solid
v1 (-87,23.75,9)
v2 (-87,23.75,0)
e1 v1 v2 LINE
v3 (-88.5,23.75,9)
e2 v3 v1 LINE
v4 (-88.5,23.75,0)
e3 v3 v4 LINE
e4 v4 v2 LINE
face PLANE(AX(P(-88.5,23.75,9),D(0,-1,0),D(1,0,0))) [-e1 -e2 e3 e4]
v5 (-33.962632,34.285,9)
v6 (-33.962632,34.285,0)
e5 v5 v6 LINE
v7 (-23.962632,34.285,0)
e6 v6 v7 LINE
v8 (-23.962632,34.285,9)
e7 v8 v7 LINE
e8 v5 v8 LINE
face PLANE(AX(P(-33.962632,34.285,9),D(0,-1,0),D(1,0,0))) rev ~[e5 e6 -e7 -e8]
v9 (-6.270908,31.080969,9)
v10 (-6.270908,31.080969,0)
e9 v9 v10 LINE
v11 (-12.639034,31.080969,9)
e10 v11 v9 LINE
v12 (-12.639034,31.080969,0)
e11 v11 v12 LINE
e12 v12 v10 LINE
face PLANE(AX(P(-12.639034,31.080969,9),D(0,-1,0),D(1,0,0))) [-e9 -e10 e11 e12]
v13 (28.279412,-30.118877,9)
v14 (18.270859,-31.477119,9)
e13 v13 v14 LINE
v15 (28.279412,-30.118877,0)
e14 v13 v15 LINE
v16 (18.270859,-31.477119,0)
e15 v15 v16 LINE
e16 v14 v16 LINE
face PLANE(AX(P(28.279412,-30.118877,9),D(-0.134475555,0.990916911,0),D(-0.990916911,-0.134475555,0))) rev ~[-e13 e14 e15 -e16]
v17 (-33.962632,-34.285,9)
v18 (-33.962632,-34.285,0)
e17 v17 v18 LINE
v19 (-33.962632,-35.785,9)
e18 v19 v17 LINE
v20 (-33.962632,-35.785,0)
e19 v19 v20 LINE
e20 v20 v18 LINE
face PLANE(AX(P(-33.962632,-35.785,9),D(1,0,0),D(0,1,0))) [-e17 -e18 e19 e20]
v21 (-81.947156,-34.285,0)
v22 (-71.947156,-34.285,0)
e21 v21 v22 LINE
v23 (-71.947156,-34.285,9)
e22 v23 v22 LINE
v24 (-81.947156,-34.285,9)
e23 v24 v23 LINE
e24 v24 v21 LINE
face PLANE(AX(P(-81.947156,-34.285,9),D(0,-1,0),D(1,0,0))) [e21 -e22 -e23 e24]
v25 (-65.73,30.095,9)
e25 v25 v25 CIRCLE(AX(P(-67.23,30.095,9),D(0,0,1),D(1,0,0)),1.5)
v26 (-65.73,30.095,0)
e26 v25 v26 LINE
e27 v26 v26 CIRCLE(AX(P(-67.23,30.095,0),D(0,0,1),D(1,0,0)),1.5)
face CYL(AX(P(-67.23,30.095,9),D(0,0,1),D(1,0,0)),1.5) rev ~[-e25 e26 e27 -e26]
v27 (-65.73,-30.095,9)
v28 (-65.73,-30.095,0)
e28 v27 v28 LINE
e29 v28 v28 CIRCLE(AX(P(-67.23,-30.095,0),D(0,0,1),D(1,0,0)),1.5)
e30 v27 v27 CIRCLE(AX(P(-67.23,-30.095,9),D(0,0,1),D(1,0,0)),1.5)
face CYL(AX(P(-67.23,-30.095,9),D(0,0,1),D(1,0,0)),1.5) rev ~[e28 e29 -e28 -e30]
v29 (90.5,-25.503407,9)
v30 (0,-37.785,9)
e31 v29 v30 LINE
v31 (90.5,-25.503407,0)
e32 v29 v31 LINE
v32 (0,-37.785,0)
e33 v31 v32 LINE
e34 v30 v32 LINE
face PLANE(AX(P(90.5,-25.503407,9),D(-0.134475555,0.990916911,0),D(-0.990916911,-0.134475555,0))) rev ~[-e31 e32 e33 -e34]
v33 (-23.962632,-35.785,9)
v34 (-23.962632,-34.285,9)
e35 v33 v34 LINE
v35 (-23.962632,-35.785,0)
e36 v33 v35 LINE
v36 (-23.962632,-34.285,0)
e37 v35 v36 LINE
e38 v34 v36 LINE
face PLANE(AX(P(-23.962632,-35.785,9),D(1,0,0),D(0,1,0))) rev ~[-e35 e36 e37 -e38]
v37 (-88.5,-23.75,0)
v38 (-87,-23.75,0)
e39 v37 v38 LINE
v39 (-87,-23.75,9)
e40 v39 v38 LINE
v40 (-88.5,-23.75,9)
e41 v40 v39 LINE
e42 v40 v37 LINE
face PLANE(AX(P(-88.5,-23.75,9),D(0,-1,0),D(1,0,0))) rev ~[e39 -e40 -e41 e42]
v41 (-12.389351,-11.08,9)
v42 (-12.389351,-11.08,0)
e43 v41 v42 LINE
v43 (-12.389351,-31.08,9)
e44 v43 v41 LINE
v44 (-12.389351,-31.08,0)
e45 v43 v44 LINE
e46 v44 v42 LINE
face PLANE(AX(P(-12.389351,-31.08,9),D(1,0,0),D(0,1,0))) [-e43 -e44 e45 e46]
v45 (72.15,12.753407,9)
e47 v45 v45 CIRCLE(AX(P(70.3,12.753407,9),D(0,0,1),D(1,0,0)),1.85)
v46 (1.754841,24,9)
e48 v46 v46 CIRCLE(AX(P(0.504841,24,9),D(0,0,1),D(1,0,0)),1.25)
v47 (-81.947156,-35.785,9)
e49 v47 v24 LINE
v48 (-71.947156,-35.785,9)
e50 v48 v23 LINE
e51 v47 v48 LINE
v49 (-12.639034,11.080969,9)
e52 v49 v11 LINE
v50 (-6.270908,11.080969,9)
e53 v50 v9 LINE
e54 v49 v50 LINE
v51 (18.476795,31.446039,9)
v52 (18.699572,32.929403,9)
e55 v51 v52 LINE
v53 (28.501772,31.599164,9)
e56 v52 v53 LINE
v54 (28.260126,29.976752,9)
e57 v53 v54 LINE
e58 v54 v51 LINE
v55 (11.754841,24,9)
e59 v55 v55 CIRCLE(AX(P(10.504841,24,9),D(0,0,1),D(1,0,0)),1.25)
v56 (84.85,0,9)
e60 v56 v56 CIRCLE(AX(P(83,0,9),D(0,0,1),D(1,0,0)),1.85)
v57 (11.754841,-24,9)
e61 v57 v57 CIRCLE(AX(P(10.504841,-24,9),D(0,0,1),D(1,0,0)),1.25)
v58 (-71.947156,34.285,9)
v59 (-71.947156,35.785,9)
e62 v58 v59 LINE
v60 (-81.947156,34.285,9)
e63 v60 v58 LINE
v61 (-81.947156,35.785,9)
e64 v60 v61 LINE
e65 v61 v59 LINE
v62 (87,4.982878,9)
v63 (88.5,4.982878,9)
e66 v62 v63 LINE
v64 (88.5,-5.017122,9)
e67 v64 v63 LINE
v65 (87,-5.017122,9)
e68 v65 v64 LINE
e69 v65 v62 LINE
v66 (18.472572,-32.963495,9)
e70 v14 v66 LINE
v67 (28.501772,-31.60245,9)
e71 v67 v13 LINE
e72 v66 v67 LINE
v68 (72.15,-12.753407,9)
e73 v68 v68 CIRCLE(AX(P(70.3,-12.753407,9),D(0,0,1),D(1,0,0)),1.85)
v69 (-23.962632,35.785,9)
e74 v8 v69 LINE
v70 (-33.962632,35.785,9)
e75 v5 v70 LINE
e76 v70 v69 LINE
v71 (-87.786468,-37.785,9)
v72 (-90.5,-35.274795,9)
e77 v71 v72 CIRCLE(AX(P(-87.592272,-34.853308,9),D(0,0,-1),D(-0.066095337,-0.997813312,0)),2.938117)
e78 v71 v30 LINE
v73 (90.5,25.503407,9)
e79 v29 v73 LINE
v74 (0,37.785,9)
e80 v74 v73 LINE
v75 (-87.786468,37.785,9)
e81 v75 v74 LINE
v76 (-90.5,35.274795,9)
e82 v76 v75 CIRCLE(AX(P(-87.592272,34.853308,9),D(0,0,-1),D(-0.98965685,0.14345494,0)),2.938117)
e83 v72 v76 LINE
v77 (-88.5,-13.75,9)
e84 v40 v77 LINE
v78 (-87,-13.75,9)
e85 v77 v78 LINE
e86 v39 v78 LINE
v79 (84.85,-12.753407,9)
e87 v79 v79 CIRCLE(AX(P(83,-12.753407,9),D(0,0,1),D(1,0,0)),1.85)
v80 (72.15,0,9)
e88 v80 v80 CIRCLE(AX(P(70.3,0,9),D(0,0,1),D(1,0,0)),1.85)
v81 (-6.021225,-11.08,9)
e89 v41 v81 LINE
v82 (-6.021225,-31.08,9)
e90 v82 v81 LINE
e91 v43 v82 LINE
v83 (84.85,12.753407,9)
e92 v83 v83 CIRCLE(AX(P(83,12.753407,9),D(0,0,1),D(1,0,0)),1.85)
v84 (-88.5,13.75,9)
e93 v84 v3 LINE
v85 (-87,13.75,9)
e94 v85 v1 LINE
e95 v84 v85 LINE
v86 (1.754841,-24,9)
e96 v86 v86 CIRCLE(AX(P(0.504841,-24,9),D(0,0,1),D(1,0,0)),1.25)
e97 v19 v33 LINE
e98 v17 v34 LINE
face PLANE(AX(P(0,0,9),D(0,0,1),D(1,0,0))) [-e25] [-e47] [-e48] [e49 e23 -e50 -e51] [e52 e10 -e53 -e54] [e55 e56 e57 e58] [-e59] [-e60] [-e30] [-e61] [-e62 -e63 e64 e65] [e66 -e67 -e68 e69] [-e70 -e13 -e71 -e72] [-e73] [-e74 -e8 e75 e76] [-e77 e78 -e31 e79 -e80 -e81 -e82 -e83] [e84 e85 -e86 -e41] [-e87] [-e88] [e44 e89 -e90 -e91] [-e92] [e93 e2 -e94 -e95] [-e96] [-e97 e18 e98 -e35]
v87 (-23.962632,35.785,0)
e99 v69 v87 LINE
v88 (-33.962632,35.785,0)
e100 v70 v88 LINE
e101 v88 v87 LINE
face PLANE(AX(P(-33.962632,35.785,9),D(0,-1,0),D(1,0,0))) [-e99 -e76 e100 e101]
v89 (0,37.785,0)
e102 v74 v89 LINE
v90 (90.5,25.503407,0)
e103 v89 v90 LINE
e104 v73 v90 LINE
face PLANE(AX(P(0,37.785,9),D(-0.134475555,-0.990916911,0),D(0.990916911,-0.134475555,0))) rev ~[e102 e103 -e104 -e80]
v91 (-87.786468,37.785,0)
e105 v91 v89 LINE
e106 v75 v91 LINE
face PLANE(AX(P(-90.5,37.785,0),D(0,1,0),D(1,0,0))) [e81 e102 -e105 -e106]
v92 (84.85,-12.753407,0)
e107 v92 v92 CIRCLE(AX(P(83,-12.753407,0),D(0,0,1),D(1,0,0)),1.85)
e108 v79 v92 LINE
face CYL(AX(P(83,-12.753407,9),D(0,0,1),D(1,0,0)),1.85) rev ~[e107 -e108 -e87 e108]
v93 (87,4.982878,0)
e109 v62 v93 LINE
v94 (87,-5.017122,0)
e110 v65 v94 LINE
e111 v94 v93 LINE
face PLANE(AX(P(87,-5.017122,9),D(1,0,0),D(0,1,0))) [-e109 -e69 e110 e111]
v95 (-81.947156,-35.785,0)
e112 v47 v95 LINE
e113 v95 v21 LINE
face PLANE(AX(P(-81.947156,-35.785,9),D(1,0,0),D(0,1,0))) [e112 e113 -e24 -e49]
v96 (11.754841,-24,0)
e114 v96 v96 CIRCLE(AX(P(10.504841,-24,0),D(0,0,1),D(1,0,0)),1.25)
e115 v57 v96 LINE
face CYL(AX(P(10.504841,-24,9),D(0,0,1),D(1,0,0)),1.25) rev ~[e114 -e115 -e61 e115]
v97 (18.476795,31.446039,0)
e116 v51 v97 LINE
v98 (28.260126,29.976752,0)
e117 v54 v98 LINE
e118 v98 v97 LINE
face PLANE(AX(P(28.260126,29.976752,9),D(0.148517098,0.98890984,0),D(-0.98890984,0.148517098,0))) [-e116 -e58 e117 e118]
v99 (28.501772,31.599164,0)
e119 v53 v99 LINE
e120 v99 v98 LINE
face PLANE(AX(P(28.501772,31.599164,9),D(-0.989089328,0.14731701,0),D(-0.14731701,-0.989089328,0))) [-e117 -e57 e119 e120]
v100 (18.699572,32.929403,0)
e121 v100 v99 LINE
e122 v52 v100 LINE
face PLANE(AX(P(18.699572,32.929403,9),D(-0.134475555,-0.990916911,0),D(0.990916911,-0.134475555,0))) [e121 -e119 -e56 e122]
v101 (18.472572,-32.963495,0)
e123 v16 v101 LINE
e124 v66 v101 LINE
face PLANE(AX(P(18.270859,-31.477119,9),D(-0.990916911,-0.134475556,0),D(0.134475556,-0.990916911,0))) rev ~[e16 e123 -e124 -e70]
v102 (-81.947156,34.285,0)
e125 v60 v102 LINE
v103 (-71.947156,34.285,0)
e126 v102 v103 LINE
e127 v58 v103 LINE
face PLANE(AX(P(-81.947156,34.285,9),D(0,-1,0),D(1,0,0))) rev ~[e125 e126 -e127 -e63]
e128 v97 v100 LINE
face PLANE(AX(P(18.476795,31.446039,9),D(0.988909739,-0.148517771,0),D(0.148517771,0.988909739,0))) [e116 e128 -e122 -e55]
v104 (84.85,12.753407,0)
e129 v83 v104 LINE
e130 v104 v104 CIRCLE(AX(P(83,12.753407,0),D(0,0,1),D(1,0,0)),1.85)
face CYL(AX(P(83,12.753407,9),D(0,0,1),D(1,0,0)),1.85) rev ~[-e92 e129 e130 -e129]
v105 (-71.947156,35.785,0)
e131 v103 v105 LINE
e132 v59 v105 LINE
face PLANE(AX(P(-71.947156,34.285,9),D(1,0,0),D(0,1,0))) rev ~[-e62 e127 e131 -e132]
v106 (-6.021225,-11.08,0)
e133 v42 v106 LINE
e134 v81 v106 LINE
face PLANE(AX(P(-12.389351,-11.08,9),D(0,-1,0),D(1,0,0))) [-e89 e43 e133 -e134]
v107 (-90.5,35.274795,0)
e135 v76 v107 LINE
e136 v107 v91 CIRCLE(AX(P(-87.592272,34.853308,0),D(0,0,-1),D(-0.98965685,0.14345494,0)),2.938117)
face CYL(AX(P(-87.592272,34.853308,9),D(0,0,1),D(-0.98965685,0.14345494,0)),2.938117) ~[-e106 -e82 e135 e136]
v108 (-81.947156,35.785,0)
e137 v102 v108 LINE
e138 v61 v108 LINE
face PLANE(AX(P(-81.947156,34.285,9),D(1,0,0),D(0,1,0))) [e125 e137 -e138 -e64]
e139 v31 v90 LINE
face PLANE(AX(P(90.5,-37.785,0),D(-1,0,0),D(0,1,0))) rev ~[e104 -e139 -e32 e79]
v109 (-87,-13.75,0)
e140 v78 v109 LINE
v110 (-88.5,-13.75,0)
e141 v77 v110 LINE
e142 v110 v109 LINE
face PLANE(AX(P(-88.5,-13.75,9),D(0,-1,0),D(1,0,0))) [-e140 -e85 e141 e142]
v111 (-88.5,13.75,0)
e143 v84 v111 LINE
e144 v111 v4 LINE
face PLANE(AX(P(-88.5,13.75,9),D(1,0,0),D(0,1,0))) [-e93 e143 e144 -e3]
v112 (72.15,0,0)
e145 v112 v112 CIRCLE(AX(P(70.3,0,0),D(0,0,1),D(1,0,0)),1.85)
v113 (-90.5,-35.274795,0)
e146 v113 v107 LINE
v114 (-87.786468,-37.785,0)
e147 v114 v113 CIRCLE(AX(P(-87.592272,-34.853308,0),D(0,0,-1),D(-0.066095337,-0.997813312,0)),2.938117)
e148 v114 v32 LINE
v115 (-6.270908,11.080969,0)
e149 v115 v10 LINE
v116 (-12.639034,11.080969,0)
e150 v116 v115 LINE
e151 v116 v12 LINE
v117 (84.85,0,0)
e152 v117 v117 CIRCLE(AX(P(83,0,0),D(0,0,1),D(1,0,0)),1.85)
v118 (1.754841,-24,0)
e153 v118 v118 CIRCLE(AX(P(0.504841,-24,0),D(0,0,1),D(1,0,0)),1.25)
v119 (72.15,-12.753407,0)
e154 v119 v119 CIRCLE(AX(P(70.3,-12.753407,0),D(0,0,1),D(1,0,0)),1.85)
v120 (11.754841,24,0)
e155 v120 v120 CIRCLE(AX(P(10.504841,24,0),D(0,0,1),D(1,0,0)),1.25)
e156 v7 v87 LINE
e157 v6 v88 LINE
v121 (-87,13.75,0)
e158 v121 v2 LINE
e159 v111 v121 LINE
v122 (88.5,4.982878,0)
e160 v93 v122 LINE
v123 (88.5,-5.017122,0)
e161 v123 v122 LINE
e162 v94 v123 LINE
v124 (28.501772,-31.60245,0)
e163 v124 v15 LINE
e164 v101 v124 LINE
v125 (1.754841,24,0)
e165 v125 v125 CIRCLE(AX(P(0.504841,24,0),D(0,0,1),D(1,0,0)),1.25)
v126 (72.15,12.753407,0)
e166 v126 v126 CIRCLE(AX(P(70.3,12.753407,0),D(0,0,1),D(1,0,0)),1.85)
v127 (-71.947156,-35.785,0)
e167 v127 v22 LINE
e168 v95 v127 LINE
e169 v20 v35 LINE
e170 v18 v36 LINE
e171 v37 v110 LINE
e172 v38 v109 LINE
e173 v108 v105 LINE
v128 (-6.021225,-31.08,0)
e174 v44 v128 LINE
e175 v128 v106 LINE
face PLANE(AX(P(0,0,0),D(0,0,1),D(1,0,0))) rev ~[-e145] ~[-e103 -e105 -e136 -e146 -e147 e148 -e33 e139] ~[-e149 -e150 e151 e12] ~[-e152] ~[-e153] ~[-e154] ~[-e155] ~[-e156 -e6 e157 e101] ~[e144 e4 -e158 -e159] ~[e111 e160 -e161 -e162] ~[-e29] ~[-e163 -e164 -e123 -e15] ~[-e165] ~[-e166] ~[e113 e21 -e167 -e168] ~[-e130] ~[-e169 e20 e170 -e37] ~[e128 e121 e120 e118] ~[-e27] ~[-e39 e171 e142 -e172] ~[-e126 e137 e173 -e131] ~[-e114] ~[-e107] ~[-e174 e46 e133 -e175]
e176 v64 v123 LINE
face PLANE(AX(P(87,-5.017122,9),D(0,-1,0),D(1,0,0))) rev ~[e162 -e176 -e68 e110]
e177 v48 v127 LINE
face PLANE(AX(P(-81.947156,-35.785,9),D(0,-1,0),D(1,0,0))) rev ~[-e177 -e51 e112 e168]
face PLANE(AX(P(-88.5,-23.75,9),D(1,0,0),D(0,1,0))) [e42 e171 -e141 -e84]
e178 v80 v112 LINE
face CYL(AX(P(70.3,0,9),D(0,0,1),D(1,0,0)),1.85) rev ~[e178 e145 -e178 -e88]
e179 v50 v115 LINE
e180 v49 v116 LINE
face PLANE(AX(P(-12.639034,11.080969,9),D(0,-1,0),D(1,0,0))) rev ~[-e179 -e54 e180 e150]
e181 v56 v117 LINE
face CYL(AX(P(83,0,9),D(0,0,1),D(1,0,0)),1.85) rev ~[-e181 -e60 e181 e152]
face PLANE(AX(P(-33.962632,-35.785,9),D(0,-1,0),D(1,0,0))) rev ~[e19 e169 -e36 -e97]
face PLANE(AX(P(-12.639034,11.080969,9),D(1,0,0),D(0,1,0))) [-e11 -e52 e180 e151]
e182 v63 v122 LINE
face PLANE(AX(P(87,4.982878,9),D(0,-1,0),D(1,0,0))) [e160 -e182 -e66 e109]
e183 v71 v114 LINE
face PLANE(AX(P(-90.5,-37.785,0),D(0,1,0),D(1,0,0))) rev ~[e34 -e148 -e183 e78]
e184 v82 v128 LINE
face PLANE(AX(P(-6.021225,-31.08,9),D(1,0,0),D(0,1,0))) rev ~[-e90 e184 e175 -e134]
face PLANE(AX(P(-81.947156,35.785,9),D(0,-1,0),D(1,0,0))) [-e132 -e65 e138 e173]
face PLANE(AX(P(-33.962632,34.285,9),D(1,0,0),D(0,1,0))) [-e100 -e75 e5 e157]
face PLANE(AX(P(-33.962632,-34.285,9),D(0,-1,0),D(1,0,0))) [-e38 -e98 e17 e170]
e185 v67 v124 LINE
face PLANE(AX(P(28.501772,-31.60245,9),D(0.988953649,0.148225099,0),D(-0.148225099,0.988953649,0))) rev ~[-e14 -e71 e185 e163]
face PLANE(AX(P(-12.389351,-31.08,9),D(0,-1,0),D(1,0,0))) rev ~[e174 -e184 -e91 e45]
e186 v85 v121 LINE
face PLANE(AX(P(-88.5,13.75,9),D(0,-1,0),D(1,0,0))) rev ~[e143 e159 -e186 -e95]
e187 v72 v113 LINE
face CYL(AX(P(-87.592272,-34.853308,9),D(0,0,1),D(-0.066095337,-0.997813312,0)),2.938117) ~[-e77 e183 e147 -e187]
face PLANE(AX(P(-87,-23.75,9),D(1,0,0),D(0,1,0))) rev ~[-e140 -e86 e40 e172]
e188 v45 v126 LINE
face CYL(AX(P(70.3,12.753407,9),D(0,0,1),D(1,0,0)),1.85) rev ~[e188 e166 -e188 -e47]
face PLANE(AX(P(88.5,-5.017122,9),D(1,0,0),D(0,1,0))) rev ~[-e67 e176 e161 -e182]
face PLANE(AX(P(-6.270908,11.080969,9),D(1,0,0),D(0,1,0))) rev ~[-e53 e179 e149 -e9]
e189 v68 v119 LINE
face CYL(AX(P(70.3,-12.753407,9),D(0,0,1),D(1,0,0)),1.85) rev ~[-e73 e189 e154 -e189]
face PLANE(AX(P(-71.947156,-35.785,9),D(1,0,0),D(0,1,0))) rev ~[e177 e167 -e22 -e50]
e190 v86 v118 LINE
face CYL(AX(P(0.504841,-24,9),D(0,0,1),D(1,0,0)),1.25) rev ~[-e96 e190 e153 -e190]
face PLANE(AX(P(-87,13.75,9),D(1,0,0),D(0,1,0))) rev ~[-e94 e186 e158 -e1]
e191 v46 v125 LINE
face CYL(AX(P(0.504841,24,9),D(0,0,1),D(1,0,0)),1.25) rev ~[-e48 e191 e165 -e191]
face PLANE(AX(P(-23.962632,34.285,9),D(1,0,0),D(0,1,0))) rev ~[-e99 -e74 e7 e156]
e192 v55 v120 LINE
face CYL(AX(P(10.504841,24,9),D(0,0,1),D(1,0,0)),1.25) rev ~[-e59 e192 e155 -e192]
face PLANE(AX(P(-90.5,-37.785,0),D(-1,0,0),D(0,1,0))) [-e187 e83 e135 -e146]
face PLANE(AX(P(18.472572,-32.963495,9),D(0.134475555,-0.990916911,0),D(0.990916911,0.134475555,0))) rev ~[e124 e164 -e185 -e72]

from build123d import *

# Parameters (mm, degrees)
SKETCH1_W           = 181
SKETCH1_H           = 75.57
BOSS_EXTRUDE2_DEPTH = 9
SKETCH6_W           = 1.5
SKETCH6_H           = 10
SKETCH6_R           = 1.85
SKETCH6_R_2         = 1.25
SKETCH6_W_2         = 6.368125956
SKETCH6_H_2         = 20
SKETCH6_W_3         = 6.368125955
SKETCH6_W_4         = 10
SKETCH6_H_3         = 1.5
SKETCH6_R_3         = 1.5
CUT_EXTRUDE7_DEPTH  = 9


with BuildPart() as part:
    # Sketch1 → Boss-Extrude2 (new body)
    with BuildSketch(Plane.XY):
        Rectangle(SKETCH1_W, SKETCH1_H)
    extrude(amount=BOSS_EXTRUDE2_DEPTH)

    # Sketch6 → Cut-Extrude7 (cut)
    with BuildSketch(Plane.XY.offset(9)):
        Polygon((90.5, -25.503407437), (0, -37.785), (90.5, -37.785), align=None)
        Polygon((90.5, 37.785), (0, 37.785), (90.5, 25.503407437), align=None)
        with Locations((87.75, -0.017122468)):
            Rectangle(SKETCH6_W, SKETCH6_H)
        with Locations((83, 0)):
            Circle(SKETCH6_R)
        with Locations((83, -12.753407437)):
            Circle(SKETCH6_R)
        with Locations((70.3, -12.753407437)):
            Circle(SKETCH6_R)
        with Locations((70.3, 0)):
            Circle(SKETCH6_R)
        with Locations((70.3, 12.753407437)):
            Circle(SKETCH6_R)
        with Locations((83, 12.753407437)):
            Circle(SKETCH6_R)
        Polygon((18.699571513, 32.929403247), (28.501771515, 31.599164279), (28.260126082, 29.976752052), (18.476794857, 31.446038639), align=None)
        with Locations((10.504840582, 24)):
            Circle(SKETCH6_R_2)
        with Locations((0.504840582, 24)):
            Circle(SKETCH6_R_2)
        with Locations((-9.454971277, 21.080969171)):
            Rectangle(SKETCH6_W_2, SKETCH6_H_2)
        with Locations((-9.205288194, -21.08)):
            Rectangle(SKETCH6_W_3, SKETCH6_H_2)
        with Locations((0.504840582, -24)):
            Circle(SKETCH6_R_2)
        with Locations((10.504840582, -24)):
            Circle(SKETCH6_R_2)
        Polygon((18.472571869, -32.963494813), (28.501771515, -31.60245013), (28.279412419, -30.118876563), (18.270858535, -31.477119446), align=None)
        with Locations((-28.962631903, 35.035)):
            Rectangle(SKETCH6_W_4, SKETCH6_H_3)
        with Locations((-76.947155779, 35.035)):
            Rectangle(SKETCH6_W_4, SKETCH6_H_3)
        with Locations((-67.23, 30.095)):
            Circle(SKETCH6_R_3)
        with BuildLine():
            Line((-90.5, 37.785), (-90.5, 35.274795088))
            ThreePointArc((-90.5, 35.274795088), (-89.587457665, 37.010103297), (-87.786468161, 37.785))
            Line((-87.786468161, 37.785), (-90.5, 37.785))
        make_face()
        with Locations((-87.75, 18.75)):
            Rectangle(SKETCH6_W, SKETCH6_H)
        with Locations((-87.75, -18.75)):
            Rectangle(SKETCH6_W, SKETCH6_H)
        with BuildLine():
            ThreePointArc((-87.786468161, -37.785), (-89.587457665, -37.010103297), (-90.5, -35.274795088))
            Line((-90.5, -35.274795088), (-90.5, -37.785))
            Line((-90.5, -37.785), (-87.786468161, -37.785))
        make_face()
        with Locations((-76.947155779, -35.035)):
            Rectangle(SKETCH6_W_4, SKETCH6_H_3)
        with Locations((-67.23, -30.095)):
            Circle(SKETCH6_R_3)
        with Locations((-28.962631903, -35.035)):
            Rectangle(SKETCH6_W_4, SKETCH6_H_3)
    extrude(amount=-CUT_EXTRUDE7_DEPTH, mode=Mode.SUBTRACT)


solid = part.part
